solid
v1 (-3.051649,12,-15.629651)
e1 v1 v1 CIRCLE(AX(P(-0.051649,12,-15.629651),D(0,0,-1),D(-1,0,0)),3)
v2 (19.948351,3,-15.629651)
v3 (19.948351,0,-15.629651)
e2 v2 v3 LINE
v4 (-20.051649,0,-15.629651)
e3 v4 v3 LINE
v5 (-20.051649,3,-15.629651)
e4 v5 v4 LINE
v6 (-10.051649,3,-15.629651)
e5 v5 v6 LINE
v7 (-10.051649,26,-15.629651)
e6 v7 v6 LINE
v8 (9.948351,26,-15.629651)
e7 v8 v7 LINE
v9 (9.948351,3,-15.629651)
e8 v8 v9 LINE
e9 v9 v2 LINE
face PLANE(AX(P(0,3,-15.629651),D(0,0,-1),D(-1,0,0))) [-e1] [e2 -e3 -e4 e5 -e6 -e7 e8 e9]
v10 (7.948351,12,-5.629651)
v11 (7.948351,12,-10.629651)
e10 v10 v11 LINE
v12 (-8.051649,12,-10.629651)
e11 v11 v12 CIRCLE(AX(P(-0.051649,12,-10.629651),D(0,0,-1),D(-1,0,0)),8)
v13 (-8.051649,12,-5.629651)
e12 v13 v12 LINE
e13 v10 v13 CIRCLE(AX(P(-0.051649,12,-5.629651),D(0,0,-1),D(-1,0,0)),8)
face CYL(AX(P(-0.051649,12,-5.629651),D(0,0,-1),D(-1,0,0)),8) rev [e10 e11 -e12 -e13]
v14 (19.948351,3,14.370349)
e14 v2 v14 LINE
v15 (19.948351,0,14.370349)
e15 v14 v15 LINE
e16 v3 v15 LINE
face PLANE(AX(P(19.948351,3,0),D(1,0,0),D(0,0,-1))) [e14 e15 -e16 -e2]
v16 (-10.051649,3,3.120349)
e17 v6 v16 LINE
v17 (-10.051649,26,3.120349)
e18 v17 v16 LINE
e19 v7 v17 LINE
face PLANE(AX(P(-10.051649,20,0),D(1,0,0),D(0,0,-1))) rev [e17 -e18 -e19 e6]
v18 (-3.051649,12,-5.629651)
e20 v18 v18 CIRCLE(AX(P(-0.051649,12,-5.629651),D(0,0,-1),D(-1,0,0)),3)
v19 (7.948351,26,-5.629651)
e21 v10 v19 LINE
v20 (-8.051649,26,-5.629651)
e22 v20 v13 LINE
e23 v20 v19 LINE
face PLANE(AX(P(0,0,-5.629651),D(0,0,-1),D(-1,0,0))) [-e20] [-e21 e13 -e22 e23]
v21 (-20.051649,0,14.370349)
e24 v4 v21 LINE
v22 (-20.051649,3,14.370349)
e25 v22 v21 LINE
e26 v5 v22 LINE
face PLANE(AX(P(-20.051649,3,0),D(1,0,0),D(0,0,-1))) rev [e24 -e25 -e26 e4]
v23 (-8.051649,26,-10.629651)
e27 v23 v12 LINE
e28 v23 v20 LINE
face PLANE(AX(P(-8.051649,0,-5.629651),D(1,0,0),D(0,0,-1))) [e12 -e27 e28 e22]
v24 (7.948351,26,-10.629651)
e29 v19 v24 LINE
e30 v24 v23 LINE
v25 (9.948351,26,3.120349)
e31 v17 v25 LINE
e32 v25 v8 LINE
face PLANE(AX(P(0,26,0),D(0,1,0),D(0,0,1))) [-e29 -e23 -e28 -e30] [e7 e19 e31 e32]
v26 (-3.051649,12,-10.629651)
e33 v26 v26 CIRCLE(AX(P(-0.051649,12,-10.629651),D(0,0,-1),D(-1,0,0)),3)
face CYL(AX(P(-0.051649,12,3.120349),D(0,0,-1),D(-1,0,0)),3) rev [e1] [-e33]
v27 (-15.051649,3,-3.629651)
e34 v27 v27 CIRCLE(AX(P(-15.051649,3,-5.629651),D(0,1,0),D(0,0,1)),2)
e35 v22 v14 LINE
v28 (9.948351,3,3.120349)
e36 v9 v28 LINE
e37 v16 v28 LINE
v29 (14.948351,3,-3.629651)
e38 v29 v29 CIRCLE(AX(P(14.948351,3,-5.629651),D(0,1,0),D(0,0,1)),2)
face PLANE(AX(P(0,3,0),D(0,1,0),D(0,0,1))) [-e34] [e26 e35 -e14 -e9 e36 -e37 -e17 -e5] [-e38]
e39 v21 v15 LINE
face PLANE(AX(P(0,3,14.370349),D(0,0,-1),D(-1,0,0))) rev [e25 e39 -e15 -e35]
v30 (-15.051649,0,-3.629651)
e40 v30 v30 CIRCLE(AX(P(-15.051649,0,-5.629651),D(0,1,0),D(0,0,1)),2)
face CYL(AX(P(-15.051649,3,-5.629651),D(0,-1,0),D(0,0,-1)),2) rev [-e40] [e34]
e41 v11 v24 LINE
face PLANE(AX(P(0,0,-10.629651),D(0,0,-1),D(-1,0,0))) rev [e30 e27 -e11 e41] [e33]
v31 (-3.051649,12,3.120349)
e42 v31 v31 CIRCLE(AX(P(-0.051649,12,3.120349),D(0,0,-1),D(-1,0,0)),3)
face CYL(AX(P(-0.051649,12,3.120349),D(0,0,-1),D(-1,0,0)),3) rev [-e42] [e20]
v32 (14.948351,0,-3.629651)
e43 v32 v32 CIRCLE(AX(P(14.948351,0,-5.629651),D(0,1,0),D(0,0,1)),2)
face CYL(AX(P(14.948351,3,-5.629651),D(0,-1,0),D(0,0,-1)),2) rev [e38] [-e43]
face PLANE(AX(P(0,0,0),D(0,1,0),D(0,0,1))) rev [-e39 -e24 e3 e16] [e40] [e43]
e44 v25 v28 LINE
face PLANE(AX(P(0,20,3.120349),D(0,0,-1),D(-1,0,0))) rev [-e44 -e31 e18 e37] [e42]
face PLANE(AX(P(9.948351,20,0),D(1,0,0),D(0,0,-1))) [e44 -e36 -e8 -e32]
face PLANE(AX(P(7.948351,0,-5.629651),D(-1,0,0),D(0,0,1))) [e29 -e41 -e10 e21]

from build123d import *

# Parameters (mm, degrees)
ESQUISSE3_W             = 10
ESQUISSE3_H             = 15
ESQUISSE3_H_2           = 10
ESQUISSE3_H_3           = 5
BOSS_EXTRU_1_DEPTH      = 3
ESQUISSE4_W             = 10
ESQUISSE4_H             = 5
ESQUISSE4_H_2           = 3.75
BOSS_EXTRU_2_DEPTH      = 17
ENL_V_MAT_EXTRU_1_DEPTH = 5
ENL_V_MAT_EXTRU_2_DEPTH = 18.75
ESQUISSE8_W             = 20
ESQUISSE8_H             = 18.75
ESQUISSE8_W_2           = 16
ESQUISSE8_H_2           = 5
BOSS_EXTRU_3_DEPTH      = 6


with BuildPart() as part:
    # Esquisse3 → Boss.-Extru.1 (new body)
    with BuildSketch(Plane(origin=(0, 0, 0), x_dir=(1, 0, 0), z_dir=(0, 1, 0))):
        with Locations((-15.05164944, -6.870348765)):
            Rectangle(ESQUISSE3_W, ESQUISSE3_H)
        with Locations((14.94835056, -6.870348765)):
            Rectangle(ESQUISSE3_W, ESQUISSE3_H)
        with BuildLine():
            Line((-10.05164944, 5.629651235), (-10.05164944, 15.629651235))
            Line((-10.05164944, 15.629651235), (-20.05164944, 15.629651235))
            Line((-20.05164944, 15.629651235), (-20.05164944, 5.629651235))
            Line((-20.05164944, 5.629651235), (-17.05164944, 5.629651235))
            ThreePointArc((-17.05164944, 5.629651235), (-15.05164944, 7.629651235), (-13.05164944, 5.629651235))
            Line((-13.05164944, 5.629651235), (-10.05164944, 5.629651235))
        make_face()
        with BuildLine():
            Line((-10.05164944, 0.629651235), (-10.05164944, 5.629651235))
            Line((-10.05164944, 5.629651235), (-13.05164944, 5.629651235))
            ThreePointArc((-13.05164944, 5.629651235), (-15.05164944, 3.629651235), (-17.05164944, 5.629651235))
            Line((-17.05164944, 5.629651235), (-20.05164944, 5.629651235))
            Line((-20.05164944, 5.629651235), (-20.05164944, 0.629651235))
            Line((-20.05164944, 0.629651235), (-10.05164944, 0.629651235))
        make_face()
        with Locations((-5.05164944, 10.629651235)):
            Rectangle(ESQUISSE3_W, ESQUISSE3_H_2)
        with Locations((4.94835056, 10.629651235)):
            Rectangle(ESQUISSE3_W, ESQUISSE3_H_2)
        with BuildLine():
            Line((19.94835056, 15.629651235), (9.94835056, 15.629651235))
            Line((9.94835056, 15.629651235), (9.94835056, 5.629651235))
            Line((9.94835056, 5.629651235), (12.94835056, 5.629651235))
            ThreePointArc((12.94835056, 5.629651235), (14.94835056, 7.629651235), (16.94835056, 5.629651235))
            Line((16.94835056, 5.629651235), (19.94835056, 5.629651235))
            Line((19.94835056, 5.629651235), (19.94835056, 15.629651235))
        make_face()
        with BuildLine():
            Line((12.94835056, 5.629651235), (9.94835056, 5.629651235))
            Line((9.94835056, 5.629651235), (9.94835056, 0.629651235))
            Line((9.94835056, 0.629651235), (19.94835056, 0.629651235))
            Line((19.94835056, 0.629651235), (19.94835056, 5.629651235))
            Line((19.94835056, 5.629651235), (16.94835056, 5.629651235))
            ThreePointArc((16.94835056, 5.629651235), (14.94835056, 3.629651235), (12.94835056, 5.629651235))
        make_face()
        with Locations((4.94835056, -6.870348765)):
            Rectangle(ESQUISSE3_W, ESQUISSE3_H)
        with Locations((-5.05164944, -6.870348765)):
            Rectangle(ESQUISSE3_W, ESQUISSE3_H)
        with Locations((4.94835056, 3.129651235)):
            Rectangle(ESQUISSE3_W, ESQUISSE3_H_3)
        with Locations((-5.05164944, 3.129651235)):
            Rectangle(ESQUISSE3_W, ESQUISSE3_H_3)
    extrude(amount=BOSS_EXTRU_1_DEPTH)

    # Esquisse4 → Boss.-Extru.2 (add)
    with BuildSketch(Plane(origin=(0, 3, 0), x_dir=(1, 0, 0), z_dir=(0, 1, 0))):
        with Locations((-5.05164944, 3.129651235)):
            Rectangle(ESQUISSE4_W, ESQUISSE4_H)
        with Locations((-5.05164944, -1.245348765)):
            Rectangle(ESQUISSE4_W, ESQUISSE4_H_2)
        with Locations((4.94835056, -1.245348765)):
            Rectangle(ESQUISSE4_W, ESQUISSE4_H_2)
        with Locations((4.94835056, 3.129651235)):
            Rectangle(ESQUISSE4_W, ESQUISSE4_H)
        Polygon((-0.05164944, 15.629651235), (-0.05164944, 5.629651235), (9.94835056, 5.629651235), (9.94835056, 8.129651235), align=None)
        Polygon((-10.05164944, 8.129651235), (-10.05164944, 5.629651235), (-0.05164944, 5.629651235), (-0.05164944, 15.629651235), align=None)
        Polygon((-10.05164944, 15.629651235), (-10.05164944, 8.129651235), (-0.05164944, 15.629651235), align=None)
        Polygon((9.94835056, 15.629651235), (-0.05164944, 15.629651235), (9.94835056, 8.129651235), align=None)
    extrude(amount=BOSS_EXTRU_2_DEPTH)

    # Esquisse6 → Enlèv. mat.-Extru.1 (cut)
    with BuildSketch(Plane(origin=(0, 0, -10.629651235), x_dir=(-1, 0, 0), z_dir=(0, 0, -1))):
        with BuildLine():
            Line((8.05164944, 20), (-7.94835056, 20))
            Line((-7.94835056, 20), (-7.94835056, 12))
            ThreePointArc((-7.94835056, 12), (0.05164944, 4), (8.05164944, 12))
            Line((8.05164944, 12), (8.05164944, 20))
        make_face()
    extrude(amount=-ENL_V_MAT_EXTRU_1_DEPTH, mode=Mode.SUBTRACT)

    # Esquisse7 → Enlèv. mat.-Extru.2 (cut)
    with BuildSketch(Plane(origin=(0, 0, -15.629651235), x_dir=(-1, 0, 0), z_dir=(0, 0, -1))):
        with BuildLine():
            ThreePointArc((3.05164944, 12), (2.823288037, 13.148050297), (2.172969783, 14.121320344))
            Line((2.172969783, 14.121320344), (0.05164944, 12))
            Line((0.05164944, 12), (2.172969783, 9.878679656))
            ThreePointArc((2.172969783, 9.878679656), (2.823288037, 10.851949703), (3.05164944, 12))
        make_face()
        with BuildLine():
            Line((0.05164944, 12), (2.172969783, 14.121320344))
            ThreePointArc((2.172969783, 14.121320344), (0.05164944, 15), (-2.069670904, 14.121320344))
            Line((-2.069670904, 14.121320344), (0.05164944, 12))
        make_face()
        with BuildLine():
            ThreePointArc((-2.069670904, 9.878679656), (0.05164944, 9), (2.172969783, 9.878679656))
            Line((2.172969783, 9.878679656), (0.05164944, 12))
            Line((0.05164944, 12), (-2.069670904, 9.878679656))
        make_face()
        with BuildLine():
            Line((0.05164944, 12), (-2.069670904, 14.121320344))
            ThreePointArc((-2.069670904, 14.121320344), (-2.94835056, 12), (-2.069670904, 9.878679656))
            Line((-2.069670904, 9.878679656), (0.05164944, 12))
        make_face()
    extrude(amount=-ENL_V_MAT_EXTRU_2_DEPTH, mode=Mode.SUBTRACT)

    # Esquisse8 → Boss.-Extru.3 (add)
    with BuildSketch(Plane(origin=(0, 20, 0), x_dir=(1, 0, 0), z_dir=(0, 1, 0))):
        with Locations((-0.05164944, 6.254651235)):
            Rectangle(ESQUISSE8_W, ESQUISSE8_H)
        with Locations((-0.05164944, 8.129651235)):
            Rectangle(ESQUISSE8_W_2, ESQUISSE8_H_2, mode=Mode.SUBTRACT)
    extrude(amount=BOSS_EXTRU_3_DEPTH)


solid = part.part
